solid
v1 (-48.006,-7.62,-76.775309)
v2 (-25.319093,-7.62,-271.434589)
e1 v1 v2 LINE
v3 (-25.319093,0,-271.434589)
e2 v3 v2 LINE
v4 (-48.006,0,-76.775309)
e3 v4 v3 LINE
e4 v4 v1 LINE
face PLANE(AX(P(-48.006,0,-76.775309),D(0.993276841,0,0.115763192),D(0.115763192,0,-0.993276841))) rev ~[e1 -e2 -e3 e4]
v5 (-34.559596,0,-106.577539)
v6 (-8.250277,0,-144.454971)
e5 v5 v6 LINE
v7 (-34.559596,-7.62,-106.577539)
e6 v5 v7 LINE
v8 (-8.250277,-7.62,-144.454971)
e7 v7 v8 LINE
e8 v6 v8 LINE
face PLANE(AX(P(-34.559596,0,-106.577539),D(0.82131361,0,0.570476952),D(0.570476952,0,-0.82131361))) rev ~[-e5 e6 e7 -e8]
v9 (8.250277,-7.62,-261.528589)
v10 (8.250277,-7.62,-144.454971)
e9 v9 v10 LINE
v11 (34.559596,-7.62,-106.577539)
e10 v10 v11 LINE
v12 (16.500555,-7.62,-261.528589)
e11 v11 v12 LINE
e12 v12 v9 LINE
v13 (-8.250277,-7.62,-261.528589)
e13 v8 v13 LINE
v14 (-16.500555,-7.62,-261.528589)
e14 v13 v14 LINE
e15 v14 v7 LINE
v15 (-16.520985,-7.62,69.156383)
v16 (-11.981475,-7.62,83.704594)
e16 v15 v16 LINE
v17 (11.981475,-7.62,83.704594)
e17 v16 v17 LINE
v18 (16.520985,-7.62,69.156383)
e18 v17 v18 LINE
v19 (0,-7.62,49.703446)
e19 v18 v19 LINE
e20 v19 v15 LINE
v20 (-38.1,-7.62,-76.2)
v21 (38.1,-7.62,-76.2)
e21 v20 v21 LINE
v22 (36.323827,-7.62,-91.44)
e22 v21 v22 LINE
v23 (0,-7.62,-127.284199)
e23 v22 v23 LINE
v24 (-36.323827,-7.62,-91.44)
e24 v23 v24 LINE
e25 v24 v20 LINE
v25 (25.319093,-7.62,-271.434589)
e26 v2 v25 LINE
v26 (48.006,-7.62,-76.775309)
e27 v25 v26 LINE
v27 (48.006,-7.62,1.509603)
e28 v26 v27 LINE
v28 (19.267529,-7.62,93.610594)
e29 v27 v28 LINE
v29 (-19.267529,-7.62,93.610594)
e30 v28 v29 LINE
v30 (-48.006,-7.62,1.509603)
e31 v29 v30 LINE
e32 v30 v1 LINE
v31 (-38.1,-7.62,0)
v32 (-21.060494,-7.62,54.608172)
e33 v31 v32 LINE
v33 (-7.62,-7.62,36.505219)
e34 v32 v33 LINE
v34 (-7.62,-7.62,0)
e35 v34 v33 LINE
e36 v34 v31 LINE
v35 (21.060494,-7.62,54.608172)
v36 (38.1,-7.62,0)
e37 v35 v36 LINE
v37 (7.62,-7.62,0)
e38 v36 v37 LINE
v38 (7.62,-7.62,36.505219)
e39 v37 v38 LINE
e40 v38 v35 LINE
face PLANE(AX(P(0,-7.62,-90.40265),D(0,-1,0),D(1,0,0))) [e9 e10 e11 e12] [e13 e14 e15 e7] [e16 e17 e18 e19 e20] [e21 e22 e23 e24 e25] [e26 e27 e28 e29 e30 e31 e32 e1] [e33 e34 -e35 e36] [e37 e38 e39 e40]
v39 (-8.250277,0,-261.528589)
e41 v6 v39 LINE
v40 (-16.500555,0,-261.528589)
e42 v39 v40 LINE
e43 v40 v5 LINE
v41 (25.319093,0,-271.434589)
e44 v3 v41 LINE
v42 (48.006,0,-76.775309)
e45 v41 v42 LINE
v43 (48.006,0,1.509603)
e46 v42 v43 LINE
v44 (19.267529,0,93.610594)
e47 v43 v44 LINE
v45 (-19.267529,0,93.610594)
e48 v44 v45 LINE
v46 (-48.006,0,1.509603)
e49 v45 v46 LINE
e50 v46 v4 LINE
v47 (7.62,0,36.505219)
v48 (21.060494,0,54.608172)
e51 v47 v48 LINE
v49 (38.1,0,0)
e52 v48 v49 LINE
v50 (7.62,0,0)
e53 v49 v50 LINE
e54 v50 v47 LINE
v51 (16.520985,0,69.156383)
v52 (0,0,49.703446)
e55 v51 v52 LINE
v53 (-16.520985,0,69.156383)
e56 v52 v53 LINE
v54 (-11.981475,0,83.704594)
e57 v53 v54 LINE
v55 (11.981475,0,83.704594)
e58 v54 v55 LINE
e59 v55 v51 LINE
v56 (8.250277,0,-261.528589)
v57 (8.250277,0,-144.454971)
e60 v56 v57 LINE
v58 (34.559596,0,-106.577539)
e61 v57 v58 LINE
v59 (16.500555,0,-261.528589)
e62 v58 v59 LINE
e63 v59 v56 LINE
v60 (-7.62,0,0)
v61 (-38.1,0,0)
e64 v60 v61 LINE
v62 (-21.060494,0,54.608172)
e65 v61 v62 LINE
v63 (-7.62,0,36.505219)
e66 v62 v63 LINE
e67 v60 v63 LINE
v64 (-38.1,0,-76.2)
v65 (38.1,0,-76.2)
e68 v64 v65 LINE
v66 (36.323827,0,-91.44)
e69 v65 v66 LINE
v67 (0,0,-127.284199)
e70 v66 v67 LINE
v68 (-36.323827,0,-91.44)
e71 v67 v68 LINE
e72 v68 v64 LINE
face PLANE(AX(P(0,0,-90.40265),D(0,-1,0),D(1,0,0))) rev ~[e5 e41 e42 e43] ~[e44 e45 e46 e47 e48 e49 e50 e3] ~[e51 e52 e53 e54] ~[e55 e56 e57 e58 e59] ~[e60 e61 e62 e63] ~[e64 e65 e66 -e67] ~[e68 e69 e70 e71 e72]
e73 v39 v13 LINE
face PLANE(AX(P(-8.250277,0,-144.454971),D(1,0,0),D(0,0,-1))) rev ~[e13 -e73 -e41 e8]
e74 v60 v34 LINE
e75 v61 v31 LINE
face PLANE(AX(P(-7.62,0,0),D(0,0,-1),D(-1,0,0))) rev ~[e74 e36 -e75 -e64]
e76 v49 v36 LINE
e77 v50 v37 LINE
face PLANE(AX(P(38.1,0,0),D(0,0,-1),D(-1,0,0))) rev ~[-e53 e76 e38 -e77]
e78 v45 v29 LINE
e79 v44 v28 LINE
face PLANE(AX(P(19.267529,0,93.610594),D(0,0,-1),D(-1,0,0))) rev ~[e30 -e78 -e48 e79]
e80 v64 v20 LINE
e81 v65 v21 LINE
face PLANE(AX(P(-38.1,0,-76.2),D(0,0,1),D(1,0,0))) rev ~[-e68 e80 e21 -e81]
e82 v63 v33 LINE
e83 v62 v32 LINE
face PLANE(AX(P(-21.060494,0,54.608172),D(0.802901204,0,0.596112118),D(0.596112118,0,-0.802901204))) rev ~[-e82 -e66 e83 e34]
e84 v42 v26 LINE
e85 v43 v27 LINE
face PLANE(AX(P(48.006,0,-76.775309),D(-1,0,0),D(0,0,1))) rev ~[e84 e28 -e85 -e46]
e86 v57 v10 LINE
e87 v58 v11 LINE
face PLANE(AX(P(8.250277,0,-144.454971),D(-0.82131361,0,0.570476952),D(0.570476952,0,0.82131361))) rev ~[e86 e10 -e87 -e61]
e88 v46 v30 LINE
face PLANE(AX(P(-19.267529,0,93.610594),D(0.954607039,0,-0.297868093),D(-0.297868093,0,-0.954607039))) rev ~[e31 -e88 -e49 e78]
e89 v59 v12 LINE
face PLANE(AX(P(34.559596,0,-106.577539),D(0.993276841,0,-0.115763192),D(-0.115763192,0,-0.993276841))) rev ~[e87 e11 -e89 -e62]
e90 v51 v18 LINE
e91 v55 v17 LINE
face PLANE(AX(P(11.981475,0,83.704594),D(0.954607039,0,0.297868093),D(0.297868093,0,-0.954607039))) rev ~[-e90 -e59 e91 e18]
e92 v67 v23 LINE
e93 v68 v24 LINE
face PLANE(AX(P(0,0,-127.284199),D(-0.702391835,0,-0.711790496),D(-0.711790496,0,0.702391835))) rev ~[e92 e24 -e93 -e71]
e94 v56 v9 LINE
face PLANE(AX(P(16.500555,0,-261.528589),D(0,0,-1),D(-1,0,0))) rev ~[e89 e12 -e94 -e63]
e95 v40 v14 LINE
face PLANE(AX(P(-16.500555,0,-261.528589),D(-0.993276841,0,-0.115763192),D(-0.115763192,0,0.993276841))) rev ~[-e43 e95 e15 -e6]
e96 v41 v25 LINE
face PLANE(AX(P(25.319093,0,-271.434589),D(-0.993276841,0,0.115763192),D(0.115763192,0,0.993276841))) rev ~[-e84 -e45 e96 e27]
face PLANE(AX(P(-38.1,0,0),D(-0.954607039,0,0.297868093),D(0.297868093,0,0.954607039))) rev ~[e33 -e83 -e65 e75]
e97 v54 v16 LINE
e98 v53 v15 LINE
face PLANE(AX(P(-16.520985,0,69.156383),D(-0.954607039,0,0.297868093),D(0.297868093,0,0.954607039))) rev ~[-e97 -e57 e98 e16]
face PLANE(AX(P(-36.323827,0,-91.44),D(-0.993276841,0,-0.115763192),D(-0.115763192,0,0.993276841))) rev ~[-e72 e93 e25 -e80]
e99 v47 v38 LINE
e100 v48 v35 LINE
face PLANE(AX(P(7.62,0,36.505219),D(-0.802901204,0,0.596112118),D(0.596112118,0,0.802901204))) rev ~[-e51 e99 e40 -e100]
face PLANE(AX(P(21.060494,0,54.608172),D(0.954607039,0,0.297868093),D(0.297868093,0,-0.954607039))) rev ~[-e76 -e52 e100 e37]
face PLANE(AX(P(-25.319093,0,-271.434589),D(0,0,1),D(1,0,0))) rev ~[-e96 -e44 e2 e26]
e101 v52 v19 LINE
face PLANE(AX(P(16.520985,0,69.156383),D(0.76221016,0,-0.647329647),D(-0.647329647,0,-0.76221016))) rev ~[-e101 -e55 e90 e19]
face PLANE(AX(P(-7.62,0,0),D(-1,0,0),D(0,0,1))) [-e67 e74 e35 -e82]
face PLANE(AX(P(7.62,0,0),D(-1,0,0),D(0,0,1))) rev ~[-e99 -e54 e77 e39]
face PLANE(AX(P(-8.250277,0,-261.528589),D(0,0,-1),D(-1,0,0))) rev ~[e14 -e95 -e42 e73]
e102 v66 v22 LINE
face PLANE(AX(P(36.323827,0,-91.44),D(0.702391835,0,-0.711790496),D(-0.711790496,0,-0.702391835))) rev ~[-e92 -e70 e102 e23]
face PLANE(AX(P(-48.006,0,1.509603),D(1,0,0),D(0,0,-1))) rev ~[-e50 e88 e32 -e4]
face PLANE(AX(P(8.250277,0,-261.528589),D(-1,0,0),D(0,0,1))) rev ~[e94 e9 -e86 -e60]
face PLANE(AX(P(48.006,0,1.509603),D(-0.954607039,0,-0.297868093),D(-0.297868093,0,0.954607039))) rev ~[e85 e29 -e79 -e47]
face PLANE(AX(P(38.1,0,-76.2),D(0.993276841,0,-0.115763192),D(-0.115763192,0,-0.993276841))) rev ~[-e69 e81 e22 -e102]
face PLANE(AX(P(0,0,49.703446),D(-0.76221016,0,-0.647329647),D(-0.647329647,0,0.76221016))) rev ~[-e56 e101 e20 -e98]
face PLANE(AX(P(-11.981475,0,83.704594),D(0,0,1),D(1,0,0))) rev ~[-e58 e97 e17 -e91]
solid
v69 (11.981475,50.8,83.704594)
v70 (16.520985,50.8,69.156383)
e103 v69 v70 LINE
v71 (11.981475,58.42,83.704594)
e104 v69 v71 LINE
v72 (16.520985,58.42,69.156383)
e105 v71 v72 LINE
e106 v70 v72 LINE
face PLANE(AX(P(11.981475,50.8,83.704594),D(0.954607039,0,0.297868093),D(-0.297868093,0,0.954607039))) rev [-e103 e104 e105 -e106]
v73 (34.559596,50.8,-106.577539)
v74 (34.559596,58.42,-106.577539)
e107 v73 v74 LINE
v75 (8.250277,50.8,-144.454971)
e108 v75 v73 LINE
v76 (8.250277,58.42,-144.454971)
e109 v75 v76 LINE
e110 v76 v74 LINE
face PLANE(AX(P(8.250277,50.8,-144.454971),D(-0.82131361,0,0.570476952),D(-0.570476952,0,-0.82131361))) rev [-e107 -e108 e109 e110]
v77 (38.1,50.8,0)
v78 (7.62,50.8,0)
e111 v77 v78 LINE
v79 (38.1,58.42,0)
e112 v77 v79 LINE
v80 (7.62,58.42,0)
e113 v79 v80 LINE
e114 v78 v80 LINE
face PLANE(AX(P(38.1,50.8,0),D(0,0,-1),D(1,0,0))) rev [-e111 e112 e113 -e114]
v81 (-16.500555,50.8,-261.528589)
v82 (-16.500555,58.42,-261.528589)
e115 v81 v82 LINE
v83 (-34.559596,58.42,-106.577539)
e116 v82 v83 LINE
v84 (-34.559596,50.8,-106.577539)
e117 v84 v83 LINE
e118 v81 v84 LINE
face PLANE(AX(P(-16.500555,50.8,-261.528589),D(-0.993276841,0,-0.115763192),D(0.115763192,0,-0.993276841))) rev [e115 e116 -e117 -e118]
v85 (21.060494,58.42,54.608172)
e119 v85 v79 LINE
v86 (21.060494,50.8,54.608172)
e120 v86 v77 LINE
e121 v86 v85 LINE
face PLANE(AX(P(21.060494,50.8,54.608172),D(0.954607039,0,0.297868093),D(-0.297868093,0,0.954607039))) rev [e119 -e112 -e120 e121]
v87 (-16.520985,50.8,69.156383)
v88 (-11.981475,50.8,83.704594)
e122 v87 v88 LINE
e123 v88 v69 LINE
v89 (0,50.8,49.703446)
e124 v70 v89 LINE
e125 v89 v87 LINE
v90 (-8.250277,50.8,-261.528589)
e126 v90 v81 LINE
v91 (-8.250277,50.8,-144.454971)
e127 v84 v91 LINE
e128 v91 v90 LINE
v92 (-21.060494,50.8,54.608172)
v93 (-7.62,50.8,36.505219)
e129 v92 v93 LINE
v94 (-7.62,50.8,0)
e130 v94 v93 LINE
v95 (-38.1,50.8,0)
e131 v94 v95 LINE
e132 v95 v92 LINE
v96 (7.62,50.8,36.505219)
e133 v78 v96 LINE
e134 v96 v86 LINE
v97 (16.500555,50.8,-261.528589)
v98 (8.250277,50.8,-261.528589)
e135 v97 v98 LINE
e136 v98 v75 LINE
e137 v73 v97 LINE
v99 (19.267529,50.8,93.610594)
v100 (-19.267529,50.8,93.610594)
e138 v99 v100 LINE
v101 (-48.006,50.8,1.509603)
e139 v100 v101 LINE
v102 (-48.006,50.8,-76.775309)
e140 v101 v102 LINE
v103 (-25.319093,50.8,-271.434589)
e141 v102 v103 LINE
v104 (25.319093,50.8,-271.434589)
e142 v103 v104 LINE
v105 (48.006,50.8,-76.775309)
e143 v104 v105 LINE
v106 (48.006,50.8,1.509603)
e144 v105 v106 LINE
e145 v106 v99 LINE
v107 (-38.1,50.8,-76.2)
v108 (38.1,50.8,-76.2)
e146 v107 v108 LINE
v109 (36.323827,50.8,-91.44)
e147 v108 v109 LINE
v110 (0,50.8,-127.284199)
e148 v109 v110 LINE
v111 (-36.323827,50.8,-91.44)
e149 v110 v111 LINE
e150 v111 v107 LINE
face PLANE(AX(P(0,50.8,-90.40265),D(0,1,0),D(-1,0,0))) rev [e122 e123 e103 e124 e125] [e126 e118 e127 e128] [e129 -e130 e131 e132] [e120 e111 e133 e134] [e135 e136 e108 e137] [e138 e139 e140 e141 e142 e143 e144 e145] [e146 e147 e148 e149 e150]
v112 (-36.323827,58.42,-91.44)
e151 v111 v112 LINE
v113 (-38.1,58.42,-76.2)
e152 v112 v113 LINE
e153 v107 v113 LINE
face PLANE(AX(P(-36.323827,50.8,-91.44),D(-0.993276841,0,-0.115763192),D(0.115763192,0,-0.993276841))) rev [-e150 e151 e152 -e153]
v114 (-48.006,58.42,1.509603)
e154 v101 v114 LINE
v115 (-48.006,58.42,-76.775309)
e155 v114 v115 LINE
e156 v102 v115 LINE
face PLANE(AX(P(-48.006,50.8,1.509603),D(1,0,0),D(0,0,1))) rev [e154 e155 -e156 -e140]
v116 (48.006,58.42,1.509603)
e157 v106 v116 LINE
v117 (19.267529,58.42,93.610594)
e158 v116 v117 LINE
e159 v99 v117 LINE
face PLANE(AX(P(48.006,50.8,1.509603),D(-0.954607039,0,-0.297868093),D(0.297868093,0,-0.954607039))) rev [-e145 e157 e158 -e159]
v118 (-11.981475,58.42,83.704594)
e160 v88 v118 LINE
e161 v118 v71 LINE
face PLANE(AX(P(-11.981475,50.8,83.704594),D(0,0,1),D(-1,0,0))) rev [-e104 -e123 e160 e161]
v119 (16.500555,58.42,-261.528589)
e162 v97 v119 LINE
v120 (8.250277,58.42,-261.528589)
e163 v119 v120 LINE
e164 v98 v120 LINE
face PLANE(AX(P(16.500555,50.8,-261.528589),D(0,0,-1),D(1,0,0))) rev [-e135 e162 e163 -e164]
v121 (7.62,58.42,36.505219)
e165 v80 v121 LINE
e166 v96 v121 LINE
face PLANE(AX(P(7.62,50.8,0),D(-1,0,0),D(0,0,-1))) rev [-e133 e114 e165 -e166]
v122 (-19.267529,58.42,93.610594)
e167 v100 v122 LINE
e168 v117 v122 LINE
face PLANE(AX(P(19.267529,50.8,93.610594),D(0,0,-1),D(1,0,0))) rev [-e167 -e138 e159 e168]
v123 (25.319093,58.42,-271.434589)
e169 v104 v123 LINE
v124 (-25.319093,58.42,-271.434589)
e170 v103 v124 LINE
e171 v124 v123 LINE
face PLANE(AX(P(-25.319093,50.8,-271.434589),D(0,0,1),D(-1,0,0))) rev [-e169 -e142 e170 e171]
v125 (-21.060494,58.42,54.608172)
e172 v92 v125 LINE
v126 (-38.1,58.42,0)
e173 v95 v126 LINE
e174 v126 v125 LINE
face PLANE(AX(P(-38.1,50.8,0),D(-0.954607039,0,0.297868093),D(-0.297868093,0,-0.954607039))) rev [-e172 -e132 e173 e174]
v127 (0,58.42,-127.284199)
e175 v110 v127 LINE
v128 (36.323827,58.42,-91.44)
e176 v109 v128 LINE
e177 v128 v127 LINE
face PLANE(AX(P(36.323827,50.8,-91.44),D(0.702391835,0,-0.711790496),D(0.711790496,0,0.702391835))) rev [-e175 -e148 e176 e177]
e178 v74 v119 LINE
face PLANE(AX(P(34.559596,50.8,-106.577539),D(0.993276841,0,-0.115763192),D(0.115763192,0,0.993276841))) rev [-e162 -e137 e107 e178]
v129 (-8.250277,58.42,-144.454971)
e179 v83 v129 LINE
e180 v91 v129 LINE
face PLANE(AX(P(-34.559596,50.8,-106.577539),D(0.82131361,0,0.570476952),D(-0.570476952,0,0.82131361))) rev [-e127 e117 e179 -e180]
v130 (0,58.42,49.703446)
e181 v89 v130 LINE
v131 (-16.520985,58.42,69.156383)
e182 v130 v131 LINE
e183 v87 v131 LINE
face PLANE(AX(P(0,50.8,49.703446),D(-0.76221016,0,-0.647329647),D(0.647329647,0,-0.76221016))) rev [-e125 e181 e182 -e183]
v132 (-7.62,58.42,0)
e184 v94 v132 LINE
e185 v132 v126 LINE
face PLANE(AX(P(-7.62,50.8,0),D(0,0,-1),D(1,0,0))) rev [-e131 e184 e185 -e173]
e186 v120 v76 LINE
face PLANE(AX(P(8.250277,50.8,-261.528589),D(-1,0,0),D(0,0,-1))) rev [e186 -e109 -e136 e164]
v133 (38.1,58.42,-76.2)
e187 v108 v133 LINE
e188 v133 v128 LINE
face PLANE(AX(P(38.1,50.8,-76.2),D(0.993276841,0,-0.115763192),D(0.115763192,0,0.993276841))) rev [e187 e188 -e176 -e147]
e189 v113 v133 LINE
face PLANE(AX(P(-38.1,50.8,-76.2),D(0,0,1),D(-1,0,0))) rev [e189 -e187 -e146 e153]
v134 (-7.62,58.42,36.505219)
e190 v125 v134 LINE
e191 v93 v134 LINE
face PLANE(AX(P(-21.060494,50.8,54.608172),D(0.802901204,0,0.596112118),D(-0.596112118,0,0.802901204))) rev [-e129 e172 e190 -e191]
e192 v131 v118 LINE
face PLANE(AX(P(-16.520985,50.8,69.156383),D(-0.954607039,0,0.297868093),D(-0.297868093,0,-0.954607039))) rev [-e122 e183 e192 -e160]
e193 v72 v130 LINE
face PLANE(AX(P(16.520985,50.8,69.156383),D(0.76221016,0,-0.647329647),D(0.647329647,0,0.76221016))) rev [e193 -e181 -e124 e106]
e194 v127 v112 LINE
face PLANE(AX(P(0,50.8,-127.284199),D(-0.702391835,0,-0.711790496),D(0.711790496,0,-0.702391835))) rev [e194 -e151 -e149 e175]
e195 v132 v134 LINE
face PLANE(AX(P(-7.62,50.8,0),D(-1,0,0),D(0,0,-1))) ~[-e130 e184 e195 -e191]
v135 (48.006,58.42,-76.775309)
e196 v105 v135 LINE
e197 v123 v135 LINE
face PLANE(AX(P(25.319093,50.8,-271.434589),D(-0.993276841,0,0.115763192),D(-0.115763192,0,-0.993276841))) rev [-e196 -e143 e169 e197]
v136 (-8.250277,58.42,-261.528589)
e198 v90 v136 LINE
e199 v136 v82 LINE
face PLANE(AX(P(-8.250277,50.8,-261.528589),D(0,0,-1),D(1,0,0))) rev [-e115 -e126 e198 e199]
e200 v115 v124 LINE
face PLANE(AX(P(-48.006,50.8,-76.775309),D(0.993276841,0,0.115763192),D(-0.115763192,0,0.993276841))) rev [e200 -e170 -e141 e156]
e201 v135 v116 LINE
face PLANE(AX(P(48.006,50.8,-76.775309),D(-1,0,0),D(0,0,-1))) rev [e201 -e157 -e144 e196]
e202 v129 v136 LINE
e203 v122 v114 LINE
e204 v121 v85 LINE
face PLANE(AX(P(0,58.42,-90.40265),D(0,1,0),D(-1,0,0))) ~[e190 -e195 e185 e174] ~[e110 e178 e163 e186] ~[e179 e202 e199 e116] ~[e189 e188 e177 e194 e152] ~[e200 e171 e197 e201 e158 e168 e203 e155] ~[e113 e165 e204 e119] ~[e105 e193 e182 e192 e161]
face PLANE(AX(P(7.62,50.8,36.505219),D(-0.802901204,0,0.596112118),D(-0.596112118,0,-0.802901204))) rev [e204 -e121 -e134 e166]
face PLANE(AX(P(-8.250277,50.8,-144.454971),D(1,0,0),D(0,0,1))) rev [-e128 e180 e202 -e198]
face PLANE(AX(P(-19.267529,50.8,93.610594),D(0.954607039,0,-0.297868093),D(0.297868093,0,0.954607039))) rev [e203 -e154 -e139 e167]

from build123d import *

# Parameters (mm, degrees)
F0_W     = 15.24
F0_H     = 36.5052193037
F2_DEPTH = 7.62


with BuildPart() as f2:
    # F0 (on Front) → F2 (new body)
    with BuildSketch(Plane.XZ):
        Polygon((-19.2675294544, 93.6105943945), (-48.006000328, 1.5096033995), (-48.006000328, -76.7753090553), (-25.319093059, -271.4345891594), (0, -271.4345891594), (25.319093059, -271.4345891594), (48.006000328, -76.7753090553), (48.006000328, 1.5096033995), (19.2675294544, 93.6105943945), (0, 93.6105943945), align=None)
        Polygon((-38.1, -76.2), (-38.1, 0), (-21.0604944566, 54.6081715172), (-16.5209847134, 69.1563827919), (-11.9814749703, 83.7045940665), (0, 83.7045940665), (11.9814749703, 83.7045940665), (16.5209847134, 69.1563827919), (21.0604944566, 54.6081715172), (38.1, 0), (38.1, -76.2), (36.3238274662, -91.44), (34.5595964222, -106.577539061), (16.5005545132, -261.5285888314), (8.2502772566, -261.5285888314), (0, -261.5285888314), (-8.2502772566, -261.5285888314), (-16.5005545132, -261.5285888314), (-34.5595964222, -106.577539061), (-36.3238274662, -91.44), align=None, mode=Mode.SUBTRACT)
        Polygon((-7.62, 0), (-38.1, 0), (-38.1, -76.2), (38.1, -76.2), (38.1, 0), (7.62, 0), align=None)
        Polygon((8.2502772566, -144.4549709558), (-8.2502772566, -144.4549709558), (-8.2502772566, -261.5285888314), (0, -261.5285888314), (8.2502772566, -261.5285888314), align=None)
        Polygon((0, -127.2841985449), (-36.3238274662, -91.44), (-34.5595964222, -106.577539061), (-8.2502772566, -144.4549709558), align=None)
        Polygon((34.5595964222, -106.577539061), (36.3238274662, -91.44), (0, -127.2841985449), (8.2502772566, -144.4549709558), align=None)
        with Locations((0, 18.2526096518)):
            Rectangle(F0_W, F0_H)
        Polygon((0, 49.7034464574), (7.62, 36.5052193037), (21.0604944566, 54.6081715172), (16.5209847134, 69.1563827919), align=None)
        Polygon((-16.5209847134, 69.1563827919), (-21.0604944566, 54.6081715172), (-7.62, 36.5052193037), (0, 49.7034464574), align=None)
        Polygon((8.2502772566, -144.4549709558), (0, -127.2841985449), (-8.2502772566, -144.4549709558), align=None)
        Polygon((0, 49.7034464574), (-7.62, 36.5052193037), (7.62, 36.5052193037), align=None)
    extrude(amount=F2_DEPTH)


with BuildPart() as f3_1:
    # F3: instance of F2
    add(f2.part.mirror(Plane.XZ.offset(-25.4)))


solid = Compound([f2.part, f3_1.part])
